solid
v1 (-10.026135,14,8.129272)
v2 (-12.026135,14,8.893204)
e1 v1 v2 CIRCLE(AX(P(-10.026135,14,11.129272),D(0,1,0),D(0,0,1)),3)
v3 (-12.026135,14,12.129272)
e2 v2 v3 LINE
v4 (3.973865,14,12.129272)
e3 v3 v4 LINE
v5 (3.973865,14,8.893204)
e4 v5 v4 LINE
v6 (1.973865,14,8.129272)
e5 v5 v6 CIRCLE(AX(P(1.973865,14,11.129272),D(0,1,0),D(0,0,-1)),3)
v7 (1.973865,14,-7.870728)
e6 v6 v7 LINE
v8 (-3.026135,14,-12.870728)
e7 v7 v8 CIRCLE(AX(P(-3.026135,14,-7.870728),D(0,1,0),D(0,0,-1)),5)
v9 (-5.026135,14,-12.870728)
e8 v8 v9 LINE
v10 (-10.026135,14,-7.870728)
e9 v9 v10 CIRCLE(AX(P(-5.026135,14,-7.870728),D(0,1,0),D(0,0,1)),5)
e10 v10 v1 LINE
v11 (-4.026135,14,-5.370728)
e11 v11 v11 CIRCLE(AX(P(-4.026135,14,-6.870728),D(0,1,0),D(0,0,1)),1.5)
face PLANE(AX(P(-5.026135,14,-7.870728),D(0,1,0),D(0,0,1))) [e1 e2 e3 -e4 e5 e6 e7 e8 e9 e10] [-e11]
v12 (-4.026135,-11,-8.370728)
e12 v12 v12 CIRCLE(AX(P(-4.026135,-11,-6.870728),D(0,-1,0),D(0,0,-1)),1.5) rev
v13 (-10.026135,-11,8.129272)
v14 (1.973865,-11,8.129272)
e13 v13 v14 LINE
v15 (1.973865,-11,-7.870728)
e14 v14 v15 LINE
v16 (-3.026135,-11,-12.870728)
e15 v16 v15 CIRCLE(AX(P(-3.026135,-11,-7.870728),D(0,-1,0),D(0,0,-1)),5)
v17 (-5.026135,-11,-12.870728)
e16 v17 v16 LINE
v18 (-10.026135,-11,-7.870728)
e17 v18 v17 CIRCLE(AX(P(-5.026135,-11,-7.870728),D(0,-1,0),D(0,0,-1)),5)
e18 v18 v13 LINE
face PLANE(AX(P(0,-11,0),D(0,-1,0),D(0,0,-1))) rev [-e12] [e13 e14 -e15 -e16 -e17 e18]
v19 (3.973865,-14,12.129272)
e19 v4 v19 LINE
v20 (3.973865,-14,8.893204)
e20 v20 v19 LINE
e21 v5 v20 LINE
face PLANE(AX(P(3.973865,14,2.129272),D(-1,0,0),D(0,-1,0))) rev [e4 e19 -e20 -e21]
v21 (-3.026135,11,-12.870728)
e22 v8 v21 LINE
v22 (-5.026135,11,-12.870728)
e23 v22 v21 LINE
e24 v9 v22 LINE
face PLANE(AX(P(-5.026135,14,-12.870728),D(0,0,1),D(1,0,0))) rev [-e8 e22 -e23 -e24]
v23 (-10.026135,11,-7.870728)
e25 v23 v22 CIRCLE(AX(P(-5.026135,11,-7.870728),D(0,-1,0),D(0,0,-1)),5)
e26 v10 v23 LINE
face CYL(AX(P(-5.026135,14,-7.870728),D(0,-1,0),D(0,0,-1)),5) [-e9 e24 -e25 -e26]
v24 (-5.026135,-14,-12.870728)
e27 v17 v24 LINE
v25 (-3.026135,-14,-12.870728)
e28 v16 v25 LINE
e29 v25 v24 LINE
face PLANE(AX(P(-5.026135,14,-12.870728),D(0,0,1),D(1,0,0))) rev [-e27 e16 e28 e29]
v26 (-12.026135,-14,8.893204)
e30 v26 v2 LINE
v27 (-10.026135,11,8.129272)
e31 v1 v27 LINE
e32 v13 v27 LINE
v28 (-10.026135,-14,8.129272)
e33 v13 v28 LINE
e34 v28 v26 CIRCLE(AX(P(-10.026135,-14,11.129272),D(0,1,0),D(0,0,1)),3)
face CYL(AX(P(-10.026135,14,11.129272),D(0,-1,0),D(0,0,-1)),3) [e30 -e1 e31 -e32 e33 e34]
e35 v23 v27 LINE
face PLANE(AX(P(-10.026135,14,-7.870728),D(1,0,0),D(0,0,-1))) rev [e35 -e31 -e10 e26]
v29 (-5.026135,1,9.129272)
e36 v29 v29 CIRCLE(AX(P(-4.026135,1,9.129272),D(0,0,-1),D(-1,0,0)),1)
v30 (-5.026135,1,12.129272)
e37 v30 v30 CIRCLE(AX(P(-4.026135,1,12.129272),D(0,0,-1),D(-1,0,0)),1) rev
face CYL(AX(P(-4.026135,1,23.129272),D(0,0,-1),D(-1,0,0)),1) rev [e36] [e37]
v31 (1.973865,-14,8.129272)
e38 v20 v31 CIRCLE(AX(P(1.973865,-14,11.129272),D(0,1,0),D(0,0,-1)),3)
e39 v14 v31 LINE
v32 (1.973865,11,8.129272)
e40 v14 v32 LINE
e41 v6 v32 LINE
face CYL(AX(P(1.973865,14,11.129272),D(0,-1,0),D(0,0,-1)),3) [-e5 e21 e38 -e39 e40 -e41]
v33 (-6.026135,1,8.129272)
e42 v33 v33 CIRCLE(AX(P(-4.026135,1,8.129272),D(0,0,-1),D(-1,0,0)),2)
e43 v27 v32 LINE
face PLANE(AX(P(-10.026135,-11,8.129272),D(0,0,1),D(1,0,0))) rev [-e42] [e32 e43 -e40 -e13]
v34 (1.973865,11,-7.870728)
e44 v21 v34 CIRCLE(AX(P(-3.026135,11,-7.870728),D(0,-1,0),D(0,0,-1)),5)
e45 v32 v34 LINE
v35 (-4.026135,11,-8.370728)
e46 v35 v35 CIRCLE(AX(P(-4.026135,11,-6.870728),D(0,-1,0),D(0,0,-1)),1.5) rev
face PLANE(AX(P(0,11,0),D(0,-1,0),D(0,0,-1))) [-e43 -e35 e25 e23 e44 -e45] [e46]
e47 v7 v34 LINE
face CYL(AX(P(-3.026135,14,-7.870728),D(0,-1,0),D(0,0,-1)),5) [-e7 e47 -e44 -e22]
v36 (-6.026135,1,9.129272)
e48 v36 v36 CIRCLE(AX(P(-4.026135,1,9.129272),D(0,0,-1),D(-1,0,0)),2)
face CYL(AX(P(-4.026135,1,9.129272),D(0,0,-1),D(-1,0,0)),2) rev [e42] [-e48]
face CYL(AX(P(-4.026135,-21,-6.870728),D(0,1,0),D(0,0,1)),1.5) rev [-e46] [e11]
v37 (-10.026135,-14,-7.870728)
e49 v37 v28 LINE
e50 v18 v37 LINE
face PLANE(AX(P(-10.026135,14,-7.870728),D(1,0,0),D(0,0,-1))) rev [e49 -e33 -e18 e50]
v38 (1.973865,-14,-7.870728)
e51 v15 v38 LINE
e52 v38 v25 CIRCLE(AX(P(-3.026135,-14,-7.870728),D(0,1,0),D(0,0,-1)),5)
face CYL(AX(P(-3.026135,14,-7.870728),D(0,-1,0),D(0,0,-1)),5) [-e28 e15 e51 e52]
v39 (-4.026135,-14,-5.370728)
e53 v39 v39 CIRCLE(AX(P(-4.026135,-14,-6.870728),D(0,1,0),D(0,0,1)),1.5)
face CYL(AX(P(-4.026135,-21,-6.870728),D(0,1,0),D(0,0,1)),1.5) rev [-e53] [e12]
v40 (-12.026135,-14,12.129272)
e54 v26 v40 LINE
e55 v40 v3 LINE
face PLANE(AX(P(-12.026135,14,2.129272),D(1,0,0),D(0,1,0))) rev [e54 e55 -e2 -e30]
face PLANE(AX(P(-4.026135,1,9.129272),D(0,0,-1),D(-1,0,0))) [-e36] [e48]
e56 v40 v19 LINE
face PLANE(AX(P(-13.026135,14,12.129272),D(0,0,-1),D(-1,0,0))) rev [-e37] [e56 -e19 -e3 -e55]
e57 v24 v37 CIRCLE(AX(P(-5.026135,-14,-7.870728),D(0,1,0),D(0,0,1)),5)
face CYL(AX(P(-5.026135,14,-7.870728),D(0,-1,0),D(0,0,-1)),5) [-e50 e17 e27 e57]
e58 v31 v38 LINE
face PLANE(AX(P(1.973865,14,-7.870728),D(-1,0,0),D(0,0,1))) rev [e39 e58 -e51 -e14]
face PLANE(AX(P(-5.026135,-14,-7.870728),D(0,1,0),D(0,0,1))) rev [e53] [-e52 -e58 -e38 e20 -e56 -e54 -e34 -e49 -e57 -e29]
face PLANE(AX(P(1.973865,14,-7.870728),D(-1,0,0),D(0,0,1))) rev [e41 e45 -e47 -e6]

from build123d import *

# Parameters (mm, degrees)
EXTRUDE_2_DEPTH     = 14
SKETCH_4_R          = 1.5
CUT_EXTRUDE_2_DEPTH = 21
EXTRUDE_3_DEPTH     = 14
SKETCH_5_W          = 12
SKETCH_5_H          = 26.808765345
CUT_EXTRUDE_3_DEPTH = 11
SKETCH_7_R          = 1
CUT_EXTRUDE_4_DEPTH = 11
SKETCH_8_R          = 2
CUT_EXTRUDE_5_DEPTH = 1
SKETCH_9_W          = 1
SKETCH_9_H          = 28
CUT_EXTRUDE_6_DEPTH = 10


with BuildPart() as part:
    # 草图1 → 凸台-拉伸2 (new body, symmetric)
    with BuildSketch(Plane(origin=(0, 0, 0), x_dir=(1, 0, 0), z_dir=(0, 1, 0))):
        with BuildLine():
            Line((-5.026135275, 12.870728162), (-3.026135275, 12.870728162))
            ThreePointArc((-3.026135275, 12.870728162), (0.50939863, 11.406262068), (1.973864725, 7.870728162))
            Line((1.973864725, 7.870728162), (1.973864725, -8.129271838))
            Line((1.973864725, -8.129271838), (-10.026135275, -8.129271838))
            Line((-10.026135275, -8.129271838), (-10.026135275, 7.870728162))
            ThreePointArc((-10.026135275, 7.870728162), (-8.561669181, 11.406262068), (-5.026135275, 12.870728162))
        make_face()
    extrude(amount=EXTRUDE_2_DEPTH, both=True)

    # 草图4 → 切除-拉伸2 (cut, symmetric)
    with BuildSketch(Plane(origin=(0, 0, 0), x_dir=(1, 0, 0), z_dir=(0, 1, 0))):
        with Locations((-4.026135275, 6.870728162)):
            Circle(SKETCH_4_R)
    extrude(amount=CUT_EXTRUDE_2_DEPTH, both=True, mode=Mode.SUBTRACT)

    # 草图2 → 凸台-拉伸3 (add, symmetric)
    with BuildSketch(Plane(origin=(0, 0, 0), x_dir=(1, 0, 0), z_dir=(0, 1, 0))):
        with BuildLine():
            Line((-10.026135275, -8.129271838), (1.973864725, -8.129271838))
            ThreePointArc((1.973864725, -8.129271838), (4.095185068, -9.007951494), (4.973864725, -11.129271838))
            Line((4.973864725, -11.129271838), (4.973864725, -12.129271838))
            Line((4.973864725, -12.129271838), (-13.026135275, -12.129271838))
            Line((-13.026135275, -12.129271838), (-13.026135275, -11.129271838))
            ThreePointArc((-13.026135275, -11.129271838), (-12.147455619, -9.007951494), (-10.026135275, -8.129271838))
        make_face()
    extrude(amount=EXTRUDE_3_DEPTH, both=True)

    # 草图5 → 切除-拉伸3 (cut, symmetric)
    with BuildSketch(Plane(origin=(0, 0, 0), x_dir=(1, 0, 0), z_dir=(0, 1, 0))):
        with Locations((-4.026135275, 5.275110834)):
            Rectangle(SKETCH_5_W, SKETCH_5_H)
    extrude(amount=CUT_EXTRUDE_3_DEPTH, both=True, mode=Mode.SUBTRACT)

    # 草图7 → 切除-拉伸4 (cut, symmetric)
    with BuildSketch(Plane.XY.offset(12.129271838)):
        with Locations((-4.026135275, 1)):
            Circle(SKETCH_7_R)
    extrude(amount=CUT_EXTRUDE_4_DEPTH, both=True, mode=Mode.SUBTRACT)

    # 草图8 → 切除-拉伸5 (cut)
    with BuildSketch(Plane(origin=(0, 0, 8.129271838), x_dir=(-1, 0, 0), z_dir=(0, 0, -1))):
        with Locations((4.026135275, 1)):
            Circle(SKETCH_8_R)
    extrude(amount=-CUT_EXTRUDE_5_DEPTH, mode=Mode.SUBTRACT)

    # 草图9 → 切除-拉伸6 (cut)
    with BuildSketch(Plane.XY.offset(12.129271838)):
        with Locations((-12.526135275, 0)):
            Rectangle(SKETCH_9_W, SKETCH_9_H)
        with Locations((4.473864725, 0)):
            Rectangle(SKETCH_9_W, SKETCH_9_H)
    extrude(amount=-CUT_EXTRUDE_6_DEPTH, mode=Mode.SUBTRACT)


solid = part.part
